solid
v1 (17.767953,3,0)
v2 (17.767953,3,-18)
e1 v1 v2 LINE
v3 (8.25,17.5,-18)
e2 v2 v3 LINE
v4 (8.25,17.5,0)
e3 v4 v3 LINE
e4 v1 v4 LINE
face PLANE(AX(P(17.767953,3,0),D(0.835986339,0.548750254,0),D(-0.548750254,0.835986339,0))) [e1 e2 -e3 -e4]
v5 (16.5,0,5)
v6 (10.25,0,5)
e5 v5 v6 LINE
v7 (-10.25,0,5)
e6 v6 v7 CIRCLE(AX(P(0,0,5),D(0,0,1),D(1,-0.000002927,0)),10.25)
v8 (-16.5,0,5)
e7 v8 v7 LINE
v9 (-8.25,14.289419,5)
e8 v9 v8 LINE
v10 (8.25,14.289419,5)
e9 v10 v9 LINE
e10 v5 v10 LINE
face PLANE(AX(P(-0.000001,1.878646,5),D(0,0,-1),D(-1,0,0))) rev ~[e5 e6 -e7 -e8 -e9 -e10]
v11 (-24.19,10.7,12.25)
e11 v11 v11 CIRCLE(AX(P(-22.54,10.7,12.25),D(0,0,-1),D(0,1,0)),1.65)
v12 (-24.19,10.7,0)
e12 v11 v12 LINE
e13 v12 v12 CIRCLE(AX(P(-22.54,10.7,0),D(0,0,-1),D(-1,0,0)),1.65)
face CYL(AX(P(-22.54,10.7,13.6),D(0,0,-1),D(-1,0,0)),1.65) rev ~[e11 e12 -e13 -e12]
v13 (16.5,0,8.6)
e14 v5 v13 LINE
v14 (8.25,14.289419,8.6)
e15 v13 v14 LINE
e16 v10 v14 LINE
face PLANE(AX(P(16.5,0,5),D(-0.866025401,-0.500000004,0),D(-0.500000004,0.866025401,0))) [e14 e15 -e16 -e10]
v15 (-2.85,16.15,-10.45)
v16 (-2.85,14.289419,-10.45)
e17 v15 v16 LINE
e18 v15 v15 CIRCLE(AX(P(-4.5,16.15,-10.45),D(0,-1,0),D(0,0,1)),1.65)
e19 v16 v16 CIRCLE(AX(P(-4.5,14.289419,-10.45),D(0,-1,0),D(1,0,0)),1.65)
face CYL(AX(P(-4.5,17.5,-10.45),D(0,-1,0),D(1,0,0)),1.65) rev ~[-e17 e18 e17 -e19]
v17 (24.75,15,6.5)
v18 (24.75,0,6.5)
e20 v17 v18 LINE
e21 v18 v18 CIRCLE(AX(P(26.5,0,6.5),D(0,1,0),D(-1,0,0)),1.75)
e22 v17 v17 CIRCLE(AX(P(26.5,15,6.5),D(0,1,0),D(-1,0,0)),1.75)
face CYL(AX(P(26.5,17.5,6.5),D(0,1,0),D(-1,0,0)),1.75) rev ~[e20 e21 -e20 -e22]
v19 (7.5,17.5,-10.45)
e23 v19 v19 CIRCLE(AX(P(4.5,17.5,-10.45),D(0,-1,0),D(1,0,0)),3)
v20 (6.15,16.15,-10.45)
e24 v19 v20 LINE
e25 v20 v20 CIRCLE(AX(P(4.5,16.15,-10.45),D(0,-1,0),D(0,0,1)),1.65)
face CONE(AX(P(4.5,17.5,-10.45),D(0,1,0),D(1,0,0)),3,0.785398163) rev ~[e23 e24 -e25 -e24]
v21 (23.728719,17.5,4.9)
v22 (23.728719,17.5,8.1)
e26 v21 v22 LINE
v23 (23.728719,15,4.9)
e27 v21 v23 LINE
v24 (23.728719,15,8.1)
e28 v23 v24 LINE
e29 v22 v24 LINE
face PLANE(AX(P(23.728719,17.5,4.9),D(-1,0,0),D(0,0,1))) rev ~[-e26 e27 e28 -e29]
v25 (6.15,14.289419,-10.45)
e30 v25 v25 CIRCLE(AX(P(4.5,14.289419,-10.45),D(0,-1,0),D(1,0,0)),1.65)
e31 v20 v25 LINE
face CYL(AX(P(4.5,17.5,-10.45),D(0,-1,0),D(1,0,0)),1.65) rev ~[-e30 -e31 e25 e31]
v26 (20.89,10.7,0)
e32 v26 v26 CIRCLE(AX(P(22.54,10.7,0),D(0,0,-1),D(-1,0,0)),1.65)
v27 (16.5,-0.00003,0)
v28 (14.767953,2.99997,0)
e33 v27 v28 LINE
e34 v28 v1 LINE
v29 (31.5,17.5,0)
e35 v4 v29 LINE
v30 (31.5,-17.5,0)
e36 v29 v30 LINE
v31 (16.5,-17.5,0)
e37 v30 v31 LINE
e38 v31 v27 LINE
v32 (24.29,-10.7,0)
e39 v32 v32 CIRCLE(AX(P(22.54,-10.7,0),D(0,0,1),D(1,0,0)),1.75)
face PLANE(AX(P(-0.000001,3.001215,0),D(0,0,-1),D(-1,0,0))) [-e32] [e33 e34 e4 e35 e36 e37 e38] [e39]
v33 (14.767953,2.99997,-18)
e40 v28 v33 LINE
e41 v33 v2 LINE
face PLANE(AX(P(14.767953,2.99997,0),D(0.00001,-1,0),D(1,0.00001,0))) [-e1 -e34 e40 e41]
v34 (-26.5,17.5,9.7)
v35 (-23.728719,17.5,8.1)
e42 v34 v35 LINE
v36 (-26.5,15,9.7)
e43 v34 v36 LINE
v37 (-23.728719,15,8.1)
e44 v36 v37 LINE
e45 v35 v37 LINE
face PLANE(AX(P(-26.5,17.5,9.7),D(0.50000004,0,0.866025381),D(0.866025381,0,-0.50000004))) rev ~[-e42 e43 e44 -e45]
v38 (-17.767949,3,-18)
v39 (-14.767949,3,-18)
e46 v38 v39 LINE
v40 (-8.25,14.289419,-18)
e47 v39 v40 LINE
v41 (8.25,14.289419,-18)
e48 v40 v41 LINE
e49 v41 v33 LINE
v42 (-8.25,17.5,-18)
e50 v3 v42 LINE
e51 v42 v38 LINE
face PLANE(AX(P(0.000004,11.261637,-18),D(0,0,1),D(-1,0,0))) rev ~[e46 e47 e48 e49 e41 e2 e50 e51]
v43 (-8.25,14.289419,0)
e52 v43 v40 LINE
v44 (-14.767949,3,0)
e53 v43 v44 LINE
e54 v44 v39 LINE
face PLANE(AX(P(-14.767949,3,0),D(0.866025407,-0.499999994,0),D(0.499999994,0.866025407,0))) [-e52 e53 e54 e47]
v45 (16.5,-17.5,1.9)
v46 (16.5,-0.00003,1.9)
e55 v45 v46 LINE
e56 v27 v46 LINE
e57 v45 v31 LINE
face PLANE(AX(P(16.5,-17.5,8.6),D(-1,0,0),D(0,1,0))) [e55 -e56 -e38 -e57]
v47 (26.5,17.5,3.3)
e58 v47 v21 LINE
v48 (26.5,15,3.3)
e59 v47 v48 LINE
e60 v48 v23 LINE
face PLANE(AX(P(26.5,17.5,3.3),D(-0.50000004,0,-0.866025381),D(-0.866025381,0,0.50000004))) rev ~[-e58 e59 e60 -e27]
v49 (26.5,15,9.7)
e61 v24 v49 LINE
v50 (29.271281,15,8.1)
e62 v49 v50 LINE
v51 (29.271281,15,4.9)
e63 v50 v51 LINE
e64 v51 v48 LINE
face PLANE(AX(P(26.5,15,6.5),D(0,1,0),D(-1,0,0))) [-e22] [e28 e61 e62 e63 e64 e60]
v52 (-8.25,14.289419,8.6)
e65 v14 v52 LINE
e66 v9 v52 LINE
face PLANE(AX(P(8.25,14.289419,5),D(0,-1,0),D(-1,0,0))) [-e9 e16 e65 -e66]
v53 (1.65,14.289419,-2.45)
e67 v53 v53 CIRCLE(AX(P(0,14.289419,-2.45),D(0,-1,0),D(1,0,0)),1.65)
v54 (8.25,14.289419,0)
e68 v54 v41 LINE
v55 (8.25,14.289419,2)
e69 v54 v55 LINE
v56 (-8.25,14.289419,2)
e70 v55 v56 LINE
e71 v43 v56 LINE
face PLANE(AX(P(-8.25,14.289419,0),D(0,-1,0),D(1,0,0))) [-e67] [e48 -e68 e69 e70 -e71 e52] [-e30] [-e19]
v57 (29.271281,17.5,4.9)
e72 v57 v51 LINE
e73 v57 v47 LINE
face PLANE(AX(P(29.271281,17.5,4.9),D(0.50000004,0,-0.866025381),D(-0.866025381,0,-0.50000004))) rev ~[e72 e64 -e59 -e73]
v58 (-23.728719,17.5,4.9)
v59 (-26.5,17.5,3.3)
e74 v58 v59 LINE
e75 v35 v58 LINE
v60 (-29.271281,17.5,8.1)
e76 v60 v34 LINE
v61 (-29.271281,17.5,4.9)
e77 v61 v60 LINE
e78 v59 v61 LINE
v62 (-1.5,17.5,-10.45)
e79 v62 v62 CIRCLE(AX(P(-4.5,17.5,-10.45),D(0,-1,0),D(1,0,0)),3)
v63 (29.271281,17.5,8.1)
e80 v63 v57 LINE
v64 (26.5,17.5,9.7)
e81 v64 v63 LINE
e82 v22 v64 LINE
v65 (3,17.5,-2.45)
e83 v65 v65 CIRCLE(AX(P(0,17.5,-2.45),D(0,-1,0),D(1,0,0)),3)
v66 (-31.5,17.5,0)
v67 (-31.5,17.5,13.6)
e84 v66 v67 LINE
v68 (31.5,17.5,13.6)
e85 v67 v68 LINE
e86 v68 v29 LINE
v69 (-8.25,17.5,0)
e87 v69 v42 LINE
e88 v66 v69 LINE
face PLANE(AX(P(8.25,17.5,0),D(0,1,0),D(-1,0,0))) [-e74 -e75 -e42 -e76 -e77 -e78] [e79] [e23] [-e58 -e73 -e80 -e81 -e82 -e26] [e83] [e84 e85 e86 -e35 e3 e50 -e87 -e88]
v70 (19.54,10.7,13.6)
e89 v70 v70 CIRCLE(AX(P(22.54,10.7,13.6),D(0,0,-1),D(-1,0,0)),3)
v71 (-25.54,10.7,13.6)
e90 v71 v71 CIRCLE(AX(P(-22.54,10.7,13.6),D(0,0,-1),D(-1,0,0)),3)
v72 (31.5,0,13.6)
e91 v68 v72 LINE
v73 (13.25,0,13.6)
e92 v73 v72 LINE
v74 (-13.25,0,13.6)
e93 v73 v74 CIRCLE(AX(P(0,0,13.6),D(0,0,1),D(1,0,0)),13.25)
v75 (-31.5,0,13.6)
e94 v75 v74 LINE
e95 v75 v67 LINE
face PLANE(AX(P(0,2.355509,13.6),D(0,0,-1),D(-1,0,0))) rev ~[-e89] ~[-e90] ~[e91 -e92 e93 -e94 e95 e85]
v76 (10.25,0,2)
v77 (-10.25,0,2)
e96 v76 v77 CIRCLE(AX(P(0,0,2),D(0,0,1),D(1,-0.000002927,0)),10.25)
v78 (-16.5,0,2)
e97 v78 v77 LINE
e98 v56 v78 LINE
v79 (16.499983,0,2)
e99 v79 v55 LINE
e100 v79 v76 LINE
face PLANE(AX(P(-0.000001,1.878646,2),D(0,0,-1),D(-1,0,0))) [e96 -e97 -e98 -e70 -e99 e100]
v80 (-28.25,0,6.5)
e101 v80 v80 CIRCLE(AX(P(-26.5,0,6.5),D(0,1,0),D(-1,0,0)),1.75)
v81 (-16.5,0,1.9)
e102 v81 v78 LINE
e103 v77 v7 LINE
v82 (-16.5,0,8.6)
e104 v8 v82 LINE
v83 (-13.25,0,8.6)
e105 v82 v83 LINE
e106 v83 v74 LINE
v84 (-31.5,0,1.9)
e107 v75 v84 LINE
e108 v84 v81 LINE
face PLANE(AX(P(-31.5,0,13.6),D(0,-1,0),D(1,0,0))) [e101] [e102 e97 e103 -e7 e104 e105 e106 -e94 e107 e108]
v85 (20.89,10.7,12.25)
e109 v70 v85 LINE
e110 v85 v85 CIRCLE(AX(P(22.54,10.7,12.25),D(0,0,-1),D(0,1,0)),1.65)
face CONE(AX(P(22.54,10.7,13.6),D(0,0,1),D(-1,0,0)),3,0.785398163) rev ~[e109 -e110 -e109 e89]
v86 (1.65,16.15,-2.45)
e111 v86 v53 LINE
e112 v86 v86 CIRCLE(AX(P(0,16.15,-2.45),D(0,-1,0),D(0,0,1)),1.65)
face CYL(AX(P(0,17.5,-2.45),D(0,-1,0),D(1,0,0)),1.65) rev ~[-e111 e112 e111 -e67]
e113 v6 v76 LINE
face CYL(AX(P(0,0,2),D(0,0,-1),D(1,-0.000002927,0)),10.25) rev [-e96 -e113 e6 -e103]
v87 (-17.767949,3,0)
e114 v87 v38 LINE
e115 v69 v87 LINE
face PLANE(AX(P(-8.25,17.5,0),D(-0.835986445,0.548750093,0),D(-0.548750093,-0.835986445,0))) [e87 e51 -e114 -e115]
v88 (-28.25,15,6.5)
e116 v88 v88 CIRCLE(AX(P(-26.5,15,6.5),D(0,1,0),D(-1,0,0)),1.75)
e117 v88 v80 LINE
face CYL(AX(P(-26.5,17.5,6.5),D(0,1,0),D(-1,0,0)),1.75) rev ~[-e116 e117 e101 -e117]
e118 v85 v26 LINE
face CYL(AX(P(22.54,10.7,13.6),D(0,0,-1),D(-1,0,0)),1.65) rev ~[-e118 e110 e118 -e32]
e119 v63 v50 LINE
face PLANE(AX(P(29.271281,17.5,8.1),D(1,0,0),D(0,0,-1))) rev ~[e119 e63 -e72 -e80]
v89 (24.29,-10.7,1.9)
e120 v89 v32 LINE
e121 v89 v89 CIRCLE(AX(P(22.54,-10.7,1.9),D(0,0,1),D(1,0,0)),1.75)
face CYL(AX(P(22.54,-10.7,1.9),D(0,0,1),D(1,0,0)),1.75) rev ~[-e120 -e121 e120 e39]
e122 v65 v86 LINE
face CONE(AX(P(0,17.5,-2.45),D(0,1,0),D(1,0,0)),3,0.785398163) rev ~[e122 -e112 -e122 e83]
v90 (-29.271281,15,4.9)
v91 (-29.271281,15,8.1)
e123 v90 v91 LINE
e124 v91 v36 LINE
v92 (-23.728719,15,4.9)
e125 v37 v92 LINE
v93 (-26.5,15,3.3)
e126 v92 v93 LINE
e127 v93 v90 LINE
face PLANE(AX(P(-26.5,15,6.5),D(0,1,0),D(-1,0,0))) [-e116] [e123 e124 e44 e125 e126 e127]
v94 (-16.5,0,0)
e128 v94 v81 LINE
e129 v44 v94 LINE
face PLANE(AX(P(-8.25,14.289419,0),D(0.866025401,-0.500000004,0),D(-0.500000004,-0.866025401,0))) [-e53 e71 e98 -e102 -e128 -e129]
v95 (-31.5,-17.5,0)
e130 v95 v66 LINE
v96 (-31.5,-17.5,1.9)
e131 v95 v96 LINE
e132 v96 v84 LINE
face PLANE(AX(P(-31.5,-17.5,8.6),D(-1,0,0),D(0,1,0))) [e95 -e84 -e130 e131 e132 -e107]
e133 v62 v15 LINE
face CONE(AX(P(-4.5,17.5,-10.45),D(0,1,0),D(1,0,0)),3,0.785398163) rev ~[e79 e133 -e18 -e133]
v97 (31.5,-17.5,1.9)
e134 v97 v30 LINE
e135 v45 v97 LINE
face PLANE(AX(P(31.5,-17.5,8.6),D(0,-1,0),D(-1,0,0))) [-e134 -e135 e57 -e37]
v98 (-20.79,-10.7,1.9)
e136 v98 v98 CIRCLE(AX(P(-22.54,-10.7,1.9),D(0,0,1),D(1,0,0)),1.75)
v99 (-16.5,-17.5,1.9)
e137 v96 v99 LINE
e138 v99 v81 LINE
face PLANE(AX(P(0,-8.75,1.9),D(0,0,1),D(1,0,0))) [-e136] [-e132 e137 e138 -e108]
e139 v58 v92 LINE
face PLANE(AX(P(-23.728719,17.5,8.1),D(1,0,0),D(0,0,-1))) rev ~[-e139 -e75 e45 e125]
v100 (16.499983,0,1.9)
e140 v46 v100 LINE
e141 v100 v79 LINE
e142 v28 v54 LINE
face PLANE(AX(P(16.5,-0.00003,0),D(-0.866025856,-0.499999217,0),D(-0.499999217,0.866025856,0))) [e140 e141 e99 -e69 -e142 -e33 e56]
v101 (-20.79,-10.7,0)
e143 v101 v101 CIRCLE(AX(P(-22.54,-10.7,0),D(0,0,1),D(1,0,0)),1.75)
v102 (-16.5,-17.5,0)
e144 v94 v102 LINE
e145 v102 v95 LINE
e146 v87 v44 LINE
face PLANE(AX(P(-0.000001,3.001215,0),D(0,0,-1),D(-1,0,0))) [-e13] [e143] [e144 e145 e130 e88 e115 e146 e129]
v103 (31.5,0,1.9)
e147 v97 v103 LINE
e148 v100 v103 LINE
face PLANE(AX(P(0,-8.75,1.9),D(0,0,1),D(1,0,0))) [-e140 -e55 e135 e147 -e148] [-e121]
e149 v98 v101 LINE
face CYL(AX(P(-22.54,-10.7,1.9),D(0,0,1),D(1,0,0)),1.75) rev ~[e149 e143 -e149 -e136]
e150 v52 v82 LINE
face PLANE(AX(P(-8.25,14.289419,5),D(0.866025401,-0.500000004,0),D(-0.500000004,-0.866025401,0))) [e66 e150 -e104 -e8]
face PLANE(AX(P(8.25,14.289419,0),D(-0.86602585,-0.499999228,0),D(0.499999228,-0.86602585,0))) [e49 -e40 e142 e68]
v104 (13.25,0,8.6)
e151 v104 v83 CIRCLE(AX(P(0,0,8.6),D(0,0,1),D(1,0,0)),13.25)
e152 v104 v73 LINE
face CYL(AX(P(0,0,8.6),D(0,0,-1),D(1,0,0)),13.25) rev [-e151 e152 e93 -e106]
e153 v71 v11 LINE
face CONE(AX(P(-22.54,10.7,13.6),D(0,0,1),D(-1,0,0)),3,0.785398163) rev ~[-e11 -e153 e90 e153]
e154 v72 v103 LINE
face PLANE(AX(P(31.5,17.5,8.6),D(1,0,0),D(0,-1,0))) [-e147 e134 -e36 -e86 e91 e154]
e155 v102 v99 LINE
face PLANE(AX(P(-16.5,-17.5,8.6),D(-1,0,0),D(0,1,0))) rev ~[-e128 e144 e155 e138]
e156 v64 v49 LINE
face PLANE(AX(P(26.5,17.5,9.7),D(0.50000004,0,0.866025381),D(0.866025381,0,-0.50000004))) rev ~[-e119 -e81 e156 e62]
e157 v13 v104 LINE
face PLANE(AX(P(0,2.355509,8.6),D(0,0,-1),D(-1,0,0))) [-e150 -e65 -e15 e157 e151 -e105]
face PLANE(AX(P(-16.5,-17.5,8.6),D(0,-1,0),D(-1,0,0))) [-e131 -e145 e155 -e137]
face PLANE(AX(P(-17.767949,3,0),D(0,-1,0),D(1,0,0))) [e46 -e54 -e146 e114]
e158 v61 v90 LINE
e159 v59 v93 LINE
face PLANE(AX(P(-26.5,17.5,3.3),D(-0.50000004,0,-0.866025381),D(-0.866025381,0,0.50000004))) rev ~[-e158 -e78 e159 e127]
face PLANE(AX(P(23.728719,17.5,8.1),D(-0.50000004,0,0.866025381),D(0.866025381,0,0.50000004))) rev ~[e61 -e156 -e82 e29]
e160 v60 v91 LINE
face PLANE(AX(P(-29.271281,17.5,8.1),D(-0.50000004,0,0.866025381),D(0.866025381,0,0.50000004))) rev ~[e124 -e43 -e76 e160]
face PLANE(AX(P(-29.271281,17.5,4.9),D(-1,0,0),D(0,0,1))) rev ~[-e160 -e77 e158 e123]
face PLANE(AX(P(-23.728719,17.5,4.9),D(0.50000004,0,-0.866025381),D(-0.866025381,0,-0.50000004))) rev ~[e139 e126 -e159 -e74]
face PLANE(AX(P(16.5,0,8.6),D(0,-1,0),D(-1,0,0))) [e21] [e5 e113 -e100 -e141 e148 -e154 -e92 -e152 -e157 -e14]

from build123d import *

# Parameters (mm, degrees)
PAD_DEPTH           = 2
PAD001_DEPTH        = 3
PAD002_DEPTH        = 3.6
PAD003_DEPTH        = 5
SKETCH004_W         = 63
SKETCH004_H         = 17.5
POCKET_DEPTH        = 11.7
PAD004_DEPTH        = 18
HOLE_D              = 3.3
HOLE_DEPTH          = 24.00858
HOLE_CSINK_D        = 6
HOLE_CSINK_ANGLE    = 90
HOLE_TIPS_R         = 1.65
SKETCH010_R         = 1.75
POCKET001_DEPTH     = 5
HOLE001_D           = 3.3
HOLE001_DEPTH       = 24.00858
HOLE001_CSINK_D     = 6
HOLE001_CSINK_ANGLE = 90
HOLE001_TIPS_R      = 1.65
SKETCH012_R         = 1.75
POCKET002_DEPTH     = 5
SKETCH013_R         = 1.75
POCKET003_DEPTH     = 35.001
POCKET004_DEPTH     = 2.5


with BuildPart() as part:
    # Sketch → Pad (new body)
    with BuildSketch(Plane.XY):
        Polygon((-31.5, 17.5), (31.5, 17.5), (31.5, -17.5), (16.5, -17.5), (16.5, -3e-05), (8.25, 14.289419), (-8.25, 14.289419), (-16.5, 0), (-16.5, -17.5), (-31.5, -17.5), align=None)
    extrude(amount=PAD_DEPTH)

    # Sketch001 (on Face12 of Pad) → Pad001 (join)
    with BuildSketch(Plane.XY.offset(2)):
        with BuildLine():
            ThreePointArc((10.25, -3e-05), (1.5e-05, 10.25), (-10.25, 0))
            Line((-16.5, 0), (-10.25, 0))
            Line((-16.5, -17.5), (-16.5, 0))
            Line((-16.5, -17.5), (-31.5, -17.5))
            Line((-31.5, -17.5), (-31.5, 17.5))
            Line((-31.5, 17.5), (31.5, 17.5))
            Line((31.5, 17.5), (31.5, -17.5))
            Line((31.5, -17.5), (16.5, -17.5))
            Line((16.5, -17.5), (16.5, -3e-05))
            Line((10.25, -3e-05), (16.5, -3e-05))
        make_face()
    extrude(amount=PAD001_DEPTH)

    # Sketch002 (on Face20 of Pad001) → Pad002 (join)
    with BuildSketch(Plane.XY.offset(5)):
        Polygon((16.5, 0), (8.25, 14.289419), (-8.25, 14.289419), (-16.5, 0), (-16.5, -17.5), (-31.5, -17.5), (-31.5, 17.5), (31.5, 17.5), (31.5, -17.5), (16.5, -17.5), align=None)
    extrude(amount=PAD002_DEPTH)

    # Sketch003 (on Face30 of Pad002) → Pad003 (join)
    with BuildSketch(Plane.XY.offset(8.6)):
        with BuildLine():
            Line((-31.5, 17.5), (31.5, 17.5))
            Line((31.5, 17.5), (31.5, -17.5))
            Line((31.5, -17.5), (16.5, -17.5))
            Line((16.5, -17.5), (16.5, 0))
            Line((16.5, 0), (13.25, 0))
            ThreePointArc((13.25, 0), (0, 13.25), (-13.25, 0))
            Line((-16.5, 0), (-13.25, 0))
            Line((-16.5, -17.5), (-16.5, 0))
            Line((-16.5, -17.5), (-31.5, -17.5))
            Line((-31.5, -17.5), (-31.5, 17.5))
        make_face()
    extrude(amount=PAD003_DEPTH)

    # Sketch004 (on Face40 of Pad003) → Pocket (cut)
    with BuildSketch(Plane.XY.offset(13.6)):
        with Locations((0, -8.75)):
            Rectangle(SKETCH004_W, SKETCH004_H)
    extrude(amount=-POCKET_DEPTH, mode=Mode.SUBTRACT)

    # Sketch008 (on Face1 of Pocket) → Pad004 (join)
    with BuildSketch(Plane(origin=(0, 0, 0), x_dir=(1, 0, 0), z_dir=(0, 0, -1))):
        Polygon((-8.25, -14.289419), (8.25, -14.289419), (14.767953, -2.99997), (17.767953, -3), (8.25, -17.5), (-8.25, -17.5), (-17.767949, -3), (-14.767949, -3), align=None)
    extrude(amount=PAD004_DEPTH)

    # Hole
    with Locations(Plane(origin=(0, 17.5, 0), x_dir=(-1, 0, 0), z_dir=(0, 1, 0))):
        with Locations((0, -2.45), (-4.5, -10.45), (4.5, -10.45)):
            CounterSinkHole(HOLE_D / 2, HOLE_CSINK_D / 2, depth=HOLE_DEPTH, counter_sink_angle=HOLE_CSINK_ANGLE)

    # Hole tips → Hole tip 1 section 0
    with BuildSketch(Plane(origin=(0, -6.50858, 0), x_dir=(-1, 0, 0), z_dir=(0, 1, 0)), mode=Mode.PRIVATE) as hole_tip_1_s0:
        with Locations((0, -2.45)):
            Circle(HOLE_TIPS_R)
    loft([hole_tip_1_s0.sketch, Vertex(0, -7.5, -2.45)], mode=Mode.SUBTRACT)

    # Hole tips → Hole tip 2 section 0
    with BuildSketch(Plane(origin=(0, -6.50858, 0), x_dir=(-1, 0, 0), z_dir=(0, 1, 0)), mode=Mode.PRIVATE) as hole_tip_2_s0:
        with Locations((-4.5, -10.45)):
            Circle(HOLE_TIPS_R)
    loft([hole_tip_2_s0.sketch, Vertex(4.5, -7.5, -10.45)], mode=Mode.SUBTRACT)

    # Hole tips → Hole tip 3 section 0
    with BuildSketch(Plane(origin=(0, -6.50858, 0), x_dir=(-1, 0, 0), z_dir=(0, 1, 0)), mode=Mode.PRIVATE) as hole_tip_3_s0:
        with Locations((4.5, -10.45)):
            Circle(HOLE_TIPS_R)
    loft([hole_tip_3_s0.sketch, Vertex(-4.5, -7.5, -10.45)], mode=Mode.SUBTRACT)

    # Sketch010 → Pocket001 (cut)
    with BuildSketch(Plane.XY.offset(1.9)):
        with Locations((-22.54, 24.3)):
            Circle(SKETCH010_R)
        with Locations((7.79, 24.3)):
            Circle(SKETCH010_R)
    extrude(amount=-POCKET001_DEPTH, mode=Mode.SUBTRACT)

    # Hole001
    with Locations(Plane.XY.offset(13.6)):
        with Locations((-22.54, 10.7), (22.54, 10.7)):
            CounterSinkHole(HOLE001_D / 2, HOLE001_CSINK_D / 2, depth=HOLE001_DEPTH, counter_sink_angle=HOLE001_CSINK_ANGLE)

    # Hole001 tips → Hole001 tip 1 section 0
    with BuildSketch(Plane.XY.offset(-10.40858), mode=Mode.PRIVATE) as hole001_tip_1_s0:
        with Locations((-22.54, 10.7)):
            Circle(HOLE001_TIPS_R)
    loft([hole001_tip_1_s0.sketch, Vertex(-22.54, 10.7, -11.4)], mode=Mode.SUBTRACT)

    # Hole001 tips → Hole001 tip 2 section 0
    with BuildSketch(Plane.XY.offset(-10.40858), mode=Mode.PRIVATE) as hole001_tip_2_s0:
        with Locations((22.54, 10.7)):
            Circle(HOLE001_TIPS_R)
    loft([hole001_tip_2_s0.sketch, Vertex(22.54, 10.7, -11.4)], mode=Mode.SUBTRACT)

    # Sketch012 (on Face6 of Hole001) → Pocket002 (cut)
    with BuildSketch(Plane.XY.offset(1.9)):
        with Locations((-22.54, -10.7)):
            Circle(SKETCH012_R)
        with Locations((22.54, -10.7)):
            Circle(SKETCH012_R)
    extrude(amount=-POCKET002_DEPTH, mode=Mode.SUBTRACT)

    # Sketch013 (on Face43 of Pocket002) → Pocket003 (cut, through all)
    with BuildSketch(Plane(origin=(0, 17.5, 0), x_dir=(-1, 0, 0), z_dir=(0, 1, 0))):
        with Locations((-26.5, 6.5)):
            Circle(SKETCH013_R)
        with Locations((26.5, 6.5)):
            Circle(SKETCH013_R)
    extrude(amount=-POCKET003_DEPTH, mode=Mode.SUBTRACT)

    # Sketch014 (on Face44 of Pocket003) → Pocket004 (cut)
    with BuildSketch(Plane(origin=(0, 17.5, 0), x_dir=(-1, 0, 0), z_dir=(0, 1, 0))):
        Polygon((-26.5, 3.3), (-23.728719, 4.9), (-23.728719, 8.1), (-26.5, 9.7), (-29.271281, 8.1), (-29.271281, 4.9), align=None)
        Polygon((29.271281, 4.9), (29.271281, 8.1), (26.5, 9.7), (23.728719, 8.1), (23.728719, 4.9), (26.5, 3.3), align=None)
    extrude(amount=-POCKET004_DEPTH, mode=Mode.SUBTRACT)


solid = part.part
